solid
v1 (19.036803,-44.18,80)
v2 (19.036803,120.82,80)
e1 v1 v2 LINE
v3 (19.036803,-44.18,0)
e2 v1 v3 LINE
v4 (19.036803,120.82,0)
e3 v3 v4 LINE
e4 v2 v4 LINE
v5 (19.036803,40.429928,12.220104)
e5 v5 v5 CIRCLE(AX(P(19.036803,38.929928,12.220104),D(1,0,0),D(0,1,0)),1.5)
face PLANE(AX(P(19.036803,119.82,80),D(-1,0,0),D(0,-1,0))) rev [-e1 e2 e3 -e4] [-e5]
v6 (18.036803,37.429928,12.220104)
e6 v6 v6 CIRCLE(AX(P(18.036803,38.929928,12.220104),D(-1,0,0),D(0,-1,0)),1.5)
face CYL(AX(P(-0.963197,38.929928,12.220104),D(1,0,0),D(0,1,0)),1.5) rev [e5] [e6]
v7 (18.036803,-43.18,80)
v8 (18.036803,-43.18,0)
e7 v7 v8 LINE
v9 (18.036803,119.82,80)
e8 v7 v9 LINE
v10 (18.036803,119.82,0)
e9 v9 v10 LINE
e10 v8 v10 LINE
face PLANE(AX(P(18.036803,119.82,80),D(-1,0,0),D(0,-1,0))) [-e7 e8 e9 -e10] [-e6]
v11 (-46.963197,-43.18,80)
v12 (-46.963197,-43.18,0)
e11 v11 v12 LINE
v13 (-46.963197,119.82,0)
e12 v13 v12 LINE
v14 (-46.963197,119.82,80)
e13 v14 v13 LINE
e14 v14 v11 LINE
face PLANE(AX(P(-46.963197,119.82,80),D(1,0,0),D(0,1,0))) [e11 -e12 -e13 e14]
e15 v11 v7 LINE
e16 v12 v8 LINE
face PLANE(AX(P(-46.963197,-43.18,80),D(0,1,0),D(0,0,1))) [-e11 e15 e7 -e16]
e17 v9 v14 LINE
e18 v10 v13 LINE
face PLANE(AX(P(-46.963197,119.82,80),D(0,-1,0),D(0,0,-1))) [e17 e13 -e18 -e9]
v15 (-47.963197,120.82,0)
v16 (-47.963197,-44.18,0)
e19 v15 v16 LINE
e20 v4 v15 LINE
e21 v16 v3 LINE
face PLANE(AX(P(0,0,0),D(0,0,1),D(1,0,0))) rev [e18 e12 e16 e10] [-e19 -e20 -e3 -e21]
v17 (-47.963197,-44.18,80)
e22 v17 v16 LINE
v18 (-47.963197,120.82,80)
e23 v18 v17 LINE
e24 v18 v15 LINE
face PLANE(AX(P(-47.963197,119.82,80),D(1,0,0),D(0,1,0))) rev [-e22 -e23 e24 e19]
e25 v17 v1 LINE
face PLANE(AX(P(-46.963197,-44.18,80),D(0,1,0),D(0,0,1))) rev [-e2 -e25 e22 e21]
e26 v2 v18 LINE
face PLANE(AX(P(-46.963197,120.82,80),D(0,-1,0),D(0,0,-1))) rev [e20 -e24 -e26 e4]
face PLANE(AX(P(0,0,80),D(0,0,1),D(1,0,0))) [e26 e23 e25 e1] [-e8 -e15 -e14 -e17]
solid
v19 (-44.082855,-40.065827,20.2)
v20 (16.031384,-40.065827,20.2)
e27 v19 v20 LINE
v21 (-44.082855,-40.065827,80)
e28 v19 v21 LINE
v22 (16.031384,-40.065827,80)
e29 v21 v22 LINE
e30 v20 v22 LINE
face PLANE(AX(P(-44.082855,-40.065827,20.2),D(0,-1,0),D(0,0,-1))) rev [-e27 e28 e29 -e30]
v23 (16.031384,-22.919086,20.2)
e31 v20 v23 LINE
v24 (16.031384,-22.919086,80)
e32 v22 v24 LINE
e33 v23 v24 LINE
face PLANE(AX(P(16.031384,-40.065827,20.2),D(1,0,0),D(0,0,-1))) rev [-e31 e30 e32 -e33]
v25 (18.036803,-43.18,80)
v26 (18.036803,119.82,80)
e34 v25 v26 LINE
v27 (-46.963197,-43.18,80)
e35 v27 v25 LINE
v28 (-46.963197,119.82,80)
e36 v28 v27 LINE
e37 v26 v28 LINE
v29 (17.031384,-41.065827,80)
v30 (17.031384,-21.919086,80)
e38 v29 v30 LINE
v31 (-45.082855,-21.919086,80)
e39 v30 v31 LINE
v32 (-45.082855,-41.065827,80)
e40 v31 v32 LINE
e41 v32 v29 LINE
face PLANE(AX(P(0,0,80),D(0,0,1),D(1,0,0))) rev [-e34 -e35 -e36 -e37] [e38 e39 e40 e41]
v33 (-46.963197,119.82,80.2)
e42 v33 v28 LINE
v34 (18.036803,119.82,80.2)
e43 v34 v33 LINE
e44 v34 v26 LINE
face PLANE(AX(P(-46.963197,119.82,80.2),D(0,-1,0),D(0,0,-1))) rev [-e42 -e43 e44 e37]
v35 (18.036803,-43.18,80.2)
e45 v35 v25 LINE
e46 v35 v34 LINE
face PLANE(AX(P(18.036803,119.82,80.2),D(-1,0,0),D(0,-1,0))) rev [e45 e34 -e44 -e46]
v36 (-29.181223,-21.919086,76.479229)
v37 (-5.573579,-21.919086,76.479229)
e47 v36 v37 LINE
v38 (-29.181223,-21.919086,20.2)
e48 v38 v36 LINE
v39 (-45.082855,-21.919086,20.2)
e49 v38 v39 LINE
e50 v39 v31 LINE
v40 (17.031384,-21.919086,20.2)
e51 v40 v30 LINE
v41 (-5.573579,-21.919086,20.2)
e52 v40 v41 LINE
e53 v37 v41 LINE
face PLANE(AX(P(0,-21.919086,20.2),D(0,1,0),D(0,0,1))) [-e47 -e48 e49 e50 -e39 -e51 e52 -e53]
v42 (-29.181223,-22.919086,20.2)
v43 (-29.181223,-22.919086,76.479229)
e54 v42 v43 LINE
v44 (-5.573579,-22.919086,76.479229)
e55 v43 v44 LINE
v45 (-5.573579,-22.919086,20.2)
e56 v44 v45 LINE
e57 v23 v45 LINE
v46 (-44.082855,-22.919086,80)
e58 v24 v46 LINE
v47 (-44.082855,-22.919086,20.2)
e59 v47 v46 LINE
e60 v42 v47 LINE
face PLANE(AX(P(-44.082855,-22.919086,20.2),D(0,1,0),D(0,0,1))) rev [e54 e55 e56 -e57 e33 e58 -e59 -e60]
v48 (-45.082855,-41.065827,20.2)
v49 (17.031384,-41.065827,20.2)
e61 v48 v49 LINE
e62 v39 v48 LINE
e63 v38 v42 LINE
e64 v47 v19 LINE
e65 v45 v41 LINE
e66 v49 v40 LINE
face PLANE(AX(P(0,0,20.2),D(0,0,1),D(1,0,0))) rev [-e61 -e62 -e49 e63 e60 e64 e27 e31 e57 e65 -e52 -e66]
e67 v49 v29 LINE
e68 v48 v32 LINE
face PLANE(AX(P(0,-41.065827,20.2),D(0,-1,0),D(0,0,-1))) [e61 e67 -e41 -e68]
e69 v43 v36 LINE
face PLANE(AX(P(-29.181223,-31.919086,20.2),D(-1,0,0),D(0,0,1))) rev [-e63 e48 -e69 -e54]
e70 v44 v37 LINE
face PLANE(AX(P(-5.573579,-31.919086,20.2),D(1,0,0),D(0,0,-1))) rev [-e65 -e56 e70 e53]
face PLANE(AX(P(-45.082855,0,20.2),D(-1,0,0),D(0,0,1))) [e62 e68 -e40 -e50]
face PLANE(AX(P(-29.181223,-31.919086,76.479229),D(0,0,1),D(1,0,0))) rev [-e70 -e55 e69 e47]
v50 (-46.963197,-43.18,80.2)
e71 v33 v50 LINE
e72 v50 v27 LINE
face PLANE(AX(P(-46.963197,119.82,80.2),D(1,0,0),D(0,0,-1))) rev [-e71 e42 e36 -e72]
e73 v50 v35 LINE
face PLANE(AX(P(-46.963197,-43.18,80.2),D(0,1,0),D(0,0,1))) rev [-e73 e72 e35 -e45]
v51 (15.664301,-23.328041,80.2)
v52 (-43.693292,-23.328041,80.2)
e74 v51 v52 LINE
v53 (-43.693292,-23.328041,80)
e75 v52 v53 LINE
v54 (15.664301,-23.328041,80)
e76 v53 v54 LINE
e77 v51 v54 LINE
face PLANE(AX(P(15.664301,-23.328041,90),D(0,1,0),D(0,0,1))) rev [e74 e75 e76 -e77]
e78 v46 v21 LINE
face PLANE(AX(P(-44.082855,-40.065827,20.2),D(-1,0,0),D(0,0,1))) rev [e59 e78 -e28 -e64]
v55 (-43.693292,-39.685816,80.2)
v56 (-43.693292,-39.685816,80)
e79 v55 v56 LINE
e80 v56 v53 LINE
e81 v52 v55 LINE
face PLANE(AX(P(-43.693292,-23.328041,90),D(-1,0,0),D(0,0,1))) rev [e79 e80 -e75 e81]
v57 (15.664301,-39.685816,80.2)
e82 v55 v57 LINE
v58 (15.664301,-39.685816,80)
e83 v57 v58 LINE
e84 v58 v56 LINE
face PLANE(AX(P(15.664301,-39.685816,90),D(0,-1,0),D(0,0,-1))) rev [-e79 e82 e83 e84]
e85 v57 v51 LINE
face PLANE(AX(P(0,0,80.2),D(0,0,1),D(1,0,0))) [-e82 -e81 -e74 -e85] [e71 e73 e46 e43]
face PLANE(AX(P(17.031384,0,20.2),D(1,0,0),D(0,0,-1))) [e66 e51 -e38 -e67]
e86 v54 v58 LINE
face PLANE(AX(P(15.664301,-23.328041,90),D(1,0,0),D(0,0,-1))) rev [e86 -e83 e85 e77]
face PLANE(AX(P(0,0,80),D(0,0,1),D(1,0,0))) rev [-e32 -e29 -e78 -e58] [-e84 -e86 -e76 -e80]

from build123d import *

# Parameters (mm, degrees)
SKETCH2_W           = 67
SKETCH2_H           = 165
SKETCH2_W_2         = 65
SKETCH2_H_2         = 163
EXTRUDE_THIN1_DEPTH = 80
SKETCH3_W           = 65
SKETCH3_H           = 163
BOSS_EXTRUDE1_DEPTH = 0.2
SKETCH7_W           = 62.114238051
SKETCH7_H           = 19.14674024
SKETCH7_W_2         = 60.114238051
SKETCH7_H_2         = 17.14674024
EXTRUDE_THIN7_DEPTH = 60
SKETCH8_W           = 23.60764342
SKETCH8_H           = 56.279229241
CUT_EXTRUDE1_DEPTH  = 10
SKETCH9_W           = 59.357592206
SKETCH9_H           = 16.357775012
CUT_EXTRUDE2_DEPTH  = 10
SKETCH10_R          = 1.5
CUT_EXTRUDE3_DEPTH  = 20


with BuildPart() as part:
    # Sketch2 → Extrude-Thin1 (new body)
    with BuildSketch(Plane.XY):
        with Locations((-14.463197467, 38.32)):
            Rectangle(SKETCH2_W, SKETCH2_H)
        with Locations((-14.463197467, 38.32)):
            Rectangle(SKETCH2_W_2, SKETCH2_H_2, mode=Mode.SUBTRACT)
    extrude(amount=EXTRUDE_THIN1_DEPTH)

    # Sketch10 → Cut-Extrude3 (cut)
    with BuildSketch(Plane(origin=(19.036802533, 0, 0), x_dir=(0, 0, -1), z_dir=(1, 0, 0))):
        with Locations((-12.220104164, 38.92992837)):
            Circle(SKETCH10_R)
    extrude(amount=-CUT_EXTRUDE3_DEPTH, mode=Mode.SUBTRACT)


with BuildPart() as body_2:
    # Sketch3 → Boss-Extrude1 (new body)
    with BuildSketch(Plane.XY.offset(80)):
        with Locations((-14.463197467, 38.32)):
            Rectangle(SKETCH3_W, SKETCH3_H)
    extrude(amount=BOSS_EXTRUDE1_DEPTH)

    # Sketch7 → Extrude-Thin7 (add)
    with BuildSketch(Plane.XY.offset(80.2)):
        with Locations((-14.025735507, -31.49245653)):
            Rectangle(SKETCH7_W, SKETCH7_H)
        with Locations((-14.025735507, -31.49245653)):
            Rectangle(SKETCH7_W_2, SKETCH7_H_2, mode=Mode.SUBTRACT)
    extrude(amount=-EXTRUDE_THIN7_DEPTH)

    # Sketch8 → Cut-Extrude1 (cut)
    with BuildSketch(Plane(origin=(0, -21.91908641, 0), x_dir=(1, 0, 0), z_dir=(0, 1, 0))):
        with Locations((-17.37740118, -48.339614621)):
            Rectangle(SKETCH8_W, SKETCH8_H)
    extrude(amount=-CUT_EXTRUDE1_DEPTH, mode=Mode.SUBTRACT)

    # Sketch9 → Cut-Extrude2 (cut)
    with BuildSketch(Plane(origin=(0, 0, 80), x_dir=(-1, 0, 0), z_dir=(0, 0, -1))):
        with Locations((14.014495431, -31.506928236)):
            Rectangle(SKETCH9_W, SKETCH9_H)
    extrude(amount=-CUT_EXTRUDE2_DEPTH, mode=Mode.SUBTRACT)


solid = Compound([part.part, body_2.part])
